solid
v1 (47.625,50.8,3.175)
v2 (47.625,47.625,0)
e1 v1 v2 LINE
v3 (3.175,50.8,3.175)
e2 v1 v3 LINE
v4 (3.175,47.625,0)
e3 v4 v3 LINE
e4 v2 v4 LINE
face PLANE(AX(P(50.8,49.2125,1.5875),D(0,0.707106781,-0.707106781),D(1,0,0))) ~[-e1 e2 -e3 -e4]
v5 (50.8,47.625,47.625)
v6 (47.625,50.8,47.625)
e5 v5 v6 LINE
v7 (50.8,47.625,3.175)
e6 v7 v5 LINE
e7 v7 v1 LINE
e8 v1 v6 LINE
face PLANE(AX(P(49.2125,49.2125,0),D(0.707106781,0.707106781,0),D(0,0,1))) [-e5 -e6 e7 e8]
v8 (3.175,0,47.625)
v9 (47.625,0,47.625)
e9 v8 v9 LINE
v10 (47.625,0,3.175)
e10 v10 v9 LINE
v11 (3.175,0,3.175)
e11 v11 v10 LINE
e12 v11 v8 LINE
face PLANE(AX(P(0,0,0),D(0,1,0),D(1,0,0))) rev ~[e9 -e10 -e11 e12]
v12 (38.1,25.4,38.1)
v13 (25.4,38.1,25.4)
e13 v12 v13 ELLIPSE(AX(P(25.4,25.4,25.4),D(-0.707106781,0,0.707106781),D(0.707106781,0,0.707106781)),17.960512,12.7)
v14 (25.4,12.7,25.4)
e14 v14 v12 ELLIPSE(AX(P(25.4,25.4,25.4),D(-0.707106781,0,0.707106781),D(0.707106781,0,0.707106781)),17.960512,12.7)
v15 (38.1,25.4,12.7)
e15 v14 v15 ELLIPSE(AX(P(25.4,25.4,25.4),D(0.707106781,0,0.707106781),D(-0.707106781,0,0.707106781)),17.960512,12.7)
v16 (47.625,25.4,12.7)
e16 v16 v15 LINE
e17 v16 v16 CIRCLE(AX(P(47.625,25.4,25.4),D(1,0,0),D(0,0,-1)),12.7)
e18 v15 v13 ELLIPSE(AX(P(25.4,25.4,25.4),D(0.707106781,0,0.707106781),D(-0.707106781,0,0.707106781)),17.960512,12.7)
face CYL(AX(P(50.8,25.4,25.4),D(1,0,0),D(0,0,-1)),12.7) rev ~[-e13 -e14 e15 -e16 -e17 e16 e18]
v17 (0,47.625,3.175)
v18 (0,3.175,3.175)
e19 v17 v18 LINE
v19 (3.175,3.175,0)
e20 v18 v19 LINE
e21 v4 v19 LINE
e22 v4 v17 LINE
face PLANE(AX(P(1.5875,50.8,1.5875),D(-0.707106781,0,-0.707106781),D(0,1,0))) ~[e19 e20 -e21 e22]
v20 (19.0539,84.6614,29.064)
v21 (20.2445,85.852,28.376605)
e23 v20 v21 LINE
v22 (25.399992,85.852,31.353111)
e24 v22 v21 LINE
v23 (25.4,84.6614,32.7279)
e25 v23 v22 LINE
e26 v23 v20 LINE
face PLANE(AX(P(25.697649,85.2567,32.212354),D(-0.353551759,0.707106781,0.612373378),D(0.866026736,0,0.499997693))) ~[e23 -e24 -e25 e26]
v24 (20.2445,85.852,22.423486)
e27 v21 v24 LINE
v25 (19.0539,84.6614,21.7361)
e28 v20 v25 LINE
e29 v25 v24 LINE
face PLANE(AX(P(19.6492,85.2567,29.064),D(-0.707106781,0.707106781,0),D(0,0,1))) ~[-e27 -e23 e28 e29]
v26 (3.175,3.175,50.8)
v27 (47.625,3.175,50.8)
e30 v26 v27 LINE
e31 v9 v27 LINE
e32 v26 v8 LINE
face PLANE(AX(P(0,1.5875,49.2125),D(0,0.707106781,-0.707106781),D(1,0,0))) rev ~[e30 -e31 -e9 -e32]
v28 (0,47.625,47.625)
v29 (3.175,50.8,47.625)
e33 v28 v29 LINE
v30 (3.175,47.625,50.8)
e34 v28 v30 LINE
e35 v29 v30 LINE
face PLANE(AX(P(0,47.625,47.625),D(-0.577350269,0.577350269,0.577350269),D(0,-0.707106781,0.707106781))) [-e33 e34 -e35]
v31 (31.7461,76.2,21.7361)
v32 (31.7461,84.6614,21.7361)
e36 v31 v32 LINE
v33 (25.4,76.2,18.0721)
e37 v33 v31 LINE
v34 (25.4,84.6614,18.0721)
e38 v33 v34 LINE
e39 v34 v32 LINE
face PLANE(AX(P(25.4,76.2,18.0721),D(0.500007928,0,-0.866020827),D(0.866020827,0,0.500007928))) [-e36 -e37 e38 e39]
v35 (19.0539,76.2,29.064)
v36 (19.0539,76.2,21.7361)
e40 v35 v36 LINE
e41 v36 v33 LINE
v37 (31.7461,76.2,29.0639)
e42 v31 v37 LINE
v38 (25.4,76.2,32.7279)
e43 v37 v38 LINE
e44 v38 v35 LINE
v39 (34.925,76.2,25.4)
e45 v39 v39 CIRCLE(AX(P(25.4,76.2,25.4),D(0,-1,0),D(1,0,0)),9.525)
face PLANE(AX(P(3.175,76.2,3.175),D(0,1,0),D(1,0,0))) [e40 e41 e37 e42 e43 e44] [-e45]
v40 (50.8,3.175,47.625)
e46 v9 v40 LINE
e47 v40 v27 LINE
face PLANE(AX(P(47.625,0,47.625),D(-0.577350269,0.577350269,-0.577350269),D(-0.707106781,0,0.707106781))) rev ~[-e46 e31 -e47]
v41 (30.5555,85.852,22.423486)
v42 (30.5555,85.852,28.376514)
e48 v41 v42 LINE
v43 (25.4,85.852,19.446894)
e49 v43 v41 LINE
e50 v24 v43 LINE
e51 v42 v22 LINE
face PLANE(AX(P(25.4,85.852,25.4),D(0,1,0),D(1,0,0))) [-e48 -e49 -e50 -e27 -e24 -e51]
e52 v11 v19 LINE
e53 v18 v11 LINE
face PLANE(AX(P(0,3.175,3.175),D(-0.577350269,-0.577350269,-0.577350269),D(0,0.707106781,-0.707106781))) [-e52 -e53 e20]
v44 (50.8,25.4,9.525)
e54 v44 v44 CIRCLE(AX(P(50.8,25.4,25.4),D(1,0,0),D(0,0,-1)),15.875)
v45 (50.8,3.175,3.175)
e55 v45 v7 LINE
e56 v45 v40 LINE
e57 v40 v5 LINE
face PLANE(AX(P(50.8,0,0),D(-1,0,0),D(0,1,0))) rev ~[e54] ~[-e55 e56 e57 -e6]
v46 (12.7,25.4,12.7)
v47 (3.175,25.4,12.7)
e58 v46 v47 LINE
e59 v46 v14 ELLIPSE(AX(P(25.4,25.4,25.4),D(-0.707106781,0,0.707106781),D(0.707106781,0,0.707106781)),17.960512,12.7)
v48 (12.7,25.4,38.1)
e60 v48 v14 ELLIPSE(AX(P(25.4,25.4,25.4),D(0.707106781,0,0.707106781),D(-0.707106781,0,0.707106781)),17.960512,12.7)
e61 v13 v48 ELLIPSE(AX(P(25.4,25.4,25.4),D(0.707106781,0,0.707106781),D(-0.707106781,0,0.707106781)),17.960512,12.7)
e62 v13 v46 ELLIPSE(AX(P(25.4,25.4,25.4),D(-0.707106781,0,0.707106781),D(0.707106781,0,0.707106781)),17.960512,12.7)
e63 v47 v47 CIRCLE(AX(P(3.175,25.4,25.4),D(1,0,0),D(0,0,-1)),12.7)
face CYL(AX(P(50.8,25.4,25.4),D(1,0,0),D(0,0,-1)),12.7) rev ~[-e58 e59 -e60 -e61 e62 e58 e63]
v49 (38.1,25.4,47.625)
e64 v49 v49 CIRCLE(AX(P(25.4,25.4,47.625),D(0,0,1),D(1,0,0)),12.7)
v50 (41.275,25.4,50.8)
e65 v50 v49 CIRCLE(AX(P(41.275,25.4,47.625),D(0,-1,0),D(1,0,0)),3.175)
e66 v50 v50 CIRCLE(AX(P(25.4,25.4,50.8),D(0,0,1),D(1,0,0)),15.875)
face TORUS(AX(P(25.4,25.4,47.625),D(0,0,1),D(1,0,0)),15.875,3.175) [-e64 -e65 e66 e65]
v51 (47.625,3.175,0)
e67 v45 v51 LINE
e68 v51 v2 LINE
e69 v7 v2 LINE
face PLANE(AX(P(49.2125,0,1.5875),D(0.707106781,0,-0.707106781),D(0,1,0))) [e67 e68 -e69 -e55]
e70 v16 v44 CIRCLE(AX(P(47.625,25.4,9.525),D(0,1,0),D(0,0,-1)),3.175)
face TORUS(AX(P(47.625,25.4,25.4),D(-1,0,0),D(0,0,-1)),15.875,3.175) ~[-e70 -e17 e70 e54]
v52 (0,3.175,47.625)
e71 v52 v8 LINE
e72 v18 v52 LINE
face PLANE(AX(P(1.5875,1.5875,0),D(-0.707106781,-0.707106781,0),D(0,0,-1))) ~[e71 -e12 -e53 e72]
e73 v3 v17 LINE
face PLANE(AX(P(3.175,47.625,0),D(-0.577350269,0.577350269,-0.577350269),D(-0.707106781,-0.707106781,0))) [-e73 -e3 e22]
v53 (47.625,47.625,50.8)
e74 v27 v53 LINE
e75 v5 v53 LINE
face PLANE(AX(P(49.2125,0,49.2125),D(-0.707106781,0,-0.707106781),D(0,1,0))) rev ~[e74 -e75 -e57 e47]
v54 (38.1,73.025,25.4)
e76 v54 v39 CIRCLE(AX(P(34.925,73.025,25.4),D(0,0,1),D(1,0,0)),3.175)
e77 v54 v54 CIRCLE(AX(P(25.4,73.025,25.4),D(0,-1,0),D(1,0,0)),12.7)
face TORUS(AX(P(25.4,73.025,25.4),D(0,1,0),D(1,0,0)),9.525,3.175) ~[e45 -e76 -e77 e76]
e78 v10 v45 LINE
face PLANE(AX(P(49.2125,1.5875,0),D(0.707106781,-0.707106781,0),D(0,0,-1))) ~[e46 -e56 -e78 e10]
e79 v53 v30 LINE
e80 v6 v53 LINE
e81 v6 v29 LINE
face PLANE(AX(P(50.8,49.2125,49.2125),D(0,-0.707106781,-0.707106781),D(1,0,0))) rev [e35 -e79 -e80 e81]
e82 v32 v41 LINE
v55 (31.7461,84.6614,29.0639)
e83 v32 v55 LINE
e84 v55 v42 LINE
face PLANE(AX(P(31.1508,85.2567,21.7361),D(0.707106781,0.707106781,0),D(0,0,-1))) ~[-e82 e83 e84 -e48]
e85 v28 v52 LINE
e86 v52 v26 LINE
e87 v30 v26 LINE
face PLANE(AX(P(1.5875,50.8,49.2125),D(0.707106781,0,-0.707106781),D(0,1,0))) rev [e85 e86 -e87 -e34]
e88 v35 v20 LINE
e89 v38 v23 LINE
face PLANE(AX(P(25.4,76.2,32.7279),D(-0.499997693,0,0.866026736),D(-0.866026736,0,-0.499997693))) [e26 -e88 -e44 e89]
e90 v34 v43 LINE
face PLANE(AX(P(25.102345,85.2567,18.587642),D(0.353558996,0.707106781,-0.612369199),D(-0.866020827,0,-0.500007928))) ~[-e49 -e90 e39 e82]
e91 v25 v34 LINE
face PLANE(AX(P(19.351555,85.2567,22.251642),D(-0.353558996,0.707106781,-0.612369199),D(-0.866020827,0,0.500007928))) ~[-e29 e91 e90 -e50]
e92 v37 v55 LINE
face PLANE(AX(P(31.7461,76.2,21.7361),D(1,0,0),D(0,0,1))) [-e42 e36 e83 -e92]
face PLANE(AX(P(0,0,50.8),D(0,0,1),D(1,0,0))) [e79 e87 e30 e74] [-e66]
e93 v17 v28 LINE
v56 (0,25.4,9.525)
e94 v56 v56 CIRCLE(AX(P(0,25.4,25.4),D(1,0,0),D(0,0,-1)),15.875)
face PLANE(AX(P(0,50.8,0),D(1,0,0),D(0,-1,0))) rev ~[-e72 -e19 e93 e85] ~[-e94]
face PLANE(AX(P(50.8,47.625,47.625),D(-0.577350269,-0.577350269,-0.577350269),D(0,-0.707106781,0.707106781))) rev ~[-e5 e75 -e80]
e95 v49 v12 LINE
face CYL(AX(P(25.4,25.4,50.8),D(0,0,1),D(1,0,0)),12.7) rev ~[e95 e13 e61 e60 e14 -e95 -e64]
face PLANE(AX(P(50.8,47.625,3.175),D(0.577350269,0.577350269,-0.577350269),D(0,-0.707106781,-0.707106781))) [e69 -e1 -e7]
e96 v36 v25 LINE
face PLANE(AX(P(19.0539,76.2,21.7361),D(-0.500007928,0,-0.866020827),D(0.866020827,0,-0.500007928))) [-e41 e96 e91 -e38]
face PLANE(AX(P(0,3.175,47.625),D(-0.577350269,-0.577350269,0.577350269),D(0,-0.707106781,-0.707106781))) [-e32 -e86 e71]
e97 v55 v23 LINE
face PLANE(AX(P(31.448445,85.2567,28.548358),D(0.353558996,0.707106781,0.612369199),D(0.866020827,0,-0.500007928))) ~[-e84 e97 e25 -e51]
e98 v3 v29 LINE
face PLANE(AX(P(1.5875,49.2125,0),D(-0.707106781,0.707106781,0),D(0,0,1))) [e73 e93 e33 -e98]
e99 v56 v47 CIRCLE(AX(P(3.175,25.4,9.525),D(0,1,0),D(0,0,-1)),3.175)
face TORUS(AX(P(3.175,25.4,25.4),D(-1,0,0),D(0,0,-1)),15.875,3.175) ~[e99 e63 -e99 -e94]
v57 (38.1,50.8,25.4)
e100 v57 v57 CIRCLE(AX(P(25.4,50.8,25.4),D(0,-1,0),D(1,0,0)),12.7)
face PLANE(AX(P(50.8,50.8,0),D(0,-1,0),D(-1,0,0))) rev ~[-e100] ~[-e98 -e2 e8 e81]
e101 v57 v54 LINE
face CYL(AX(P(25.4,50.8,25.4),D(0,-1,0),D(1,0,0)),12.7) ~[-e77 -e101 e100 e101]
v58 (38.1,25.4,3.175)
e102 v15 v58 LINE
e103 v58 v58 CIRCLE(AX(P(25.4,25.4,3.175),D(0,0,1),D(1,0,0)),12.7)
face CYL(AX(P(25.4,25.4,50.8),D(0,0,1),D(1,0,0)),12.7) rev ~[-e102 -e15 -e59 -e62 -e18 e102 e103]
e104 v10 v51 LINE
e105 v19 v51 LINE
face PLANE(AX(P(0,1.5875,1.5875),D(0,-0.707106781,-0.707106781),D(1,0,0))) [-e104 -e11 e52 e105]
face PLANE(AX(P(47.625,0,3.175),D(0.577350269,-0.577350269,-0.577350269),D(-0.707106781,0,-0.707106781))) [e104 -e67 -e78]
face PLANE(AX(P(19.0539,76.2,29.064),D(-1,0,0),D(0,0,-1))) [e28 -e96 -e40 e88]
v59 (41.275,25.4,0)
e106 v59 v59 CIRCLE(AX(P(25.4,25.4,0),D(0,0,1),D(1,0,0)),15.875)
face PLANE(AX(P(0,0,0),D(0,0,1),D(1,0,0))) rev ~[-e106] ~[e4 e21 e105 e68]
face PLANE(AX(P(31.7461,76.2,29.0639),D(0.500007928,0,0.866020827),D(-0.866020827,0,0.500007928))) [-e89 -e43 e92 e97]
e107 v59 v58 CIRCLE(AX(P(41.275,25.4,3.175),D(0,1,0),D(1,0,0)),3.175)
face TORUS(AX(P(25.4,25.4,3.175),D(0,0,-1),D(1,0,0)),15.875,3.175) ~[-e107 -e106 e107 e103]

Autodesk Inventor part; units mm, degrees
ref_plane "YZ Plane" through (0, 0, 0) normal (1, 0, 0) x (0, 1, 0)
ref_plane "XZ Plane" through (0, 0, 0) normal (0, 1, 0) x (-1, 0, 0)
ref_plane "XY Plane" through (0, 0, 0) normal (0, 0, 1) x (1, 0, 0)
sketch "Sketch1" plane through (0, 0, 0) normal (0, 0, 1) x (1, 0, 0)
  line L0 (0, 0) -> (50.8, 0)
  line L1 (50.8, 0) -> (50.8, 50.8)
  line L2 (50.8, 50.8) -> (0, 50.8)
  line L3 (0, 50.8) -> (0, 0)
  dimension "d0" = 50.8
  dimension "d1" = 50.8
extrude "Extrusion1" add sketch "Sketch1" along normal blind 50.8
sketch "Sketch2" plane through (0, 0, 50.8) normal (0, 0, 1) x (1, 0, 0)
  point P0 (0, 0)
sketch "Sketch3" plane through (0, 0, 50.8) normal (0, 0, 1) x (1, 0, 0)
  circle A0 centre (25.4, 25.4) radius 12.7
  line L0 (0, 50.8) -> (0, 0) projected
  line L1 (50.8, 50.8) -> (0, 50.8) projected
  dimension "d4" = 25.4
  dimension "d5" = 25.4
  dimension "d6" = 25.4
extrude "Extrusion2" cut sketch "Sketch3" against normal blind 50.8
sketch "Sketch4" plane through (50.8, 0, 0) normal (1, 0, 0) x (0, 0, -1)
  circle A0 centre (-25.4, 25.4) radius 12.7
  line L0 (-50.8, 0) -> (-50.8, 50.8) projected
  line L1 (0, 0) -> (0, 50.8) projected
  line L2 (0, 0) -> (-50.8, 0) projected
  dimension "d9" = 25.4
  dimension "d10" = 25.4
  dimension "d11" = 25.4
  dimension "d12" = 25.4
extrude "Extrusion3" cut sketch "Sketch4" against normal blind 50.8
chamfer "Chamfer1" distance 3.175 angle 45 12 edges at (25.4, 50.8, 50.8) (0, 50.8, 25.4) (25.4, 50.8, 0) (50.8, 50.8, 25.4) (50.8, 25.4, 50.8) (50.8, 25.4, 0) (50.8, 0, 25.4) (25.4, 0, 0) (25.4, 0, 50.8) (0, 25.4, 50.8) (0, 0, 25.4) (0, 25.4, 0)
fillet "Fillet1" radius 3.175 4 edges at (12.7, 25.4, 50.8) (50.8, 25.4, 38.1) (12.7, 25.4, 0) (0, 25.4, 38.1)
sketch "Sketch5" plane through (3.175, 50.8, 3.175) normal (0, 1, 0) x (1, 0, 0)
  line L0 (22.225, -22.225) -> (9.525, -34.925) projected
  circle A0 centre (22.225, -22.225) radius 12.7
  point P0 (-3.175, 3.175)
  dimension "d19" = 25.4
extrude "Extrusion4" add sketch "Sketch5" along normal blind 25.4
sketch "Sketch6" plane through (25.4, 76.2, 25.4) normal (0, 1, 0) x (1, 0, 0)
  point P0 (-25.4, 25.4)
fillet "Fillet2" radius 3.175 1 edges at (12.7, 76.2, 25.4)
sketch "Sketch12" plane through (25.4, 76.2, 25.4) normal (0, 1, 0) x (1, 0, 0)
  line L0 (-12.7, 12.7) -> (0, 0) projected
  circle A0 centre (0, 0) radius 7.3279
  line L1 (0, 7.3279) -> (6.3461, 3.6639)
  line L2 (6.3461, 3.6639) -> (6.3461, -3.6639)
  line L3 (6.3461, -3.6639) -> (0, -7.3279)
  line L4 (0, -7.3279) -> (-6.3461, -3.664)
  line L5 (-6.3461, -3.664) -> (-6.3461, 3.6639)
  line L6 (-6.3461, 3.6639) -> (0, 7.3279)
  point P0 (-25.4, 25.4)
  dimension "d33" = 14.6558
sketch "Sketch13" plane through (25.4, 76.2, 25.4) normal (0, 1, 0) x (1, 0, 0)
  point P0 (-25.4, 25.4)
extrude "Extrusion7" add sketch "Sketch12" along normal blind 9.652 contours L6 L1 L2 L3 L4 L5
chamfer "Chamfer4" distance 1.1906 angle 45 6 edges at (22.2269, 85.852, 30.8959) (28.5731, 85.852, 30.8959) (31.7461, 85.852, 25.4) (28.5731, 85.852, 19.9041) (22.2269, 85.852, 19.9041) (19.0539, 85.852, 25.4)
properties part number "orthographic3"
